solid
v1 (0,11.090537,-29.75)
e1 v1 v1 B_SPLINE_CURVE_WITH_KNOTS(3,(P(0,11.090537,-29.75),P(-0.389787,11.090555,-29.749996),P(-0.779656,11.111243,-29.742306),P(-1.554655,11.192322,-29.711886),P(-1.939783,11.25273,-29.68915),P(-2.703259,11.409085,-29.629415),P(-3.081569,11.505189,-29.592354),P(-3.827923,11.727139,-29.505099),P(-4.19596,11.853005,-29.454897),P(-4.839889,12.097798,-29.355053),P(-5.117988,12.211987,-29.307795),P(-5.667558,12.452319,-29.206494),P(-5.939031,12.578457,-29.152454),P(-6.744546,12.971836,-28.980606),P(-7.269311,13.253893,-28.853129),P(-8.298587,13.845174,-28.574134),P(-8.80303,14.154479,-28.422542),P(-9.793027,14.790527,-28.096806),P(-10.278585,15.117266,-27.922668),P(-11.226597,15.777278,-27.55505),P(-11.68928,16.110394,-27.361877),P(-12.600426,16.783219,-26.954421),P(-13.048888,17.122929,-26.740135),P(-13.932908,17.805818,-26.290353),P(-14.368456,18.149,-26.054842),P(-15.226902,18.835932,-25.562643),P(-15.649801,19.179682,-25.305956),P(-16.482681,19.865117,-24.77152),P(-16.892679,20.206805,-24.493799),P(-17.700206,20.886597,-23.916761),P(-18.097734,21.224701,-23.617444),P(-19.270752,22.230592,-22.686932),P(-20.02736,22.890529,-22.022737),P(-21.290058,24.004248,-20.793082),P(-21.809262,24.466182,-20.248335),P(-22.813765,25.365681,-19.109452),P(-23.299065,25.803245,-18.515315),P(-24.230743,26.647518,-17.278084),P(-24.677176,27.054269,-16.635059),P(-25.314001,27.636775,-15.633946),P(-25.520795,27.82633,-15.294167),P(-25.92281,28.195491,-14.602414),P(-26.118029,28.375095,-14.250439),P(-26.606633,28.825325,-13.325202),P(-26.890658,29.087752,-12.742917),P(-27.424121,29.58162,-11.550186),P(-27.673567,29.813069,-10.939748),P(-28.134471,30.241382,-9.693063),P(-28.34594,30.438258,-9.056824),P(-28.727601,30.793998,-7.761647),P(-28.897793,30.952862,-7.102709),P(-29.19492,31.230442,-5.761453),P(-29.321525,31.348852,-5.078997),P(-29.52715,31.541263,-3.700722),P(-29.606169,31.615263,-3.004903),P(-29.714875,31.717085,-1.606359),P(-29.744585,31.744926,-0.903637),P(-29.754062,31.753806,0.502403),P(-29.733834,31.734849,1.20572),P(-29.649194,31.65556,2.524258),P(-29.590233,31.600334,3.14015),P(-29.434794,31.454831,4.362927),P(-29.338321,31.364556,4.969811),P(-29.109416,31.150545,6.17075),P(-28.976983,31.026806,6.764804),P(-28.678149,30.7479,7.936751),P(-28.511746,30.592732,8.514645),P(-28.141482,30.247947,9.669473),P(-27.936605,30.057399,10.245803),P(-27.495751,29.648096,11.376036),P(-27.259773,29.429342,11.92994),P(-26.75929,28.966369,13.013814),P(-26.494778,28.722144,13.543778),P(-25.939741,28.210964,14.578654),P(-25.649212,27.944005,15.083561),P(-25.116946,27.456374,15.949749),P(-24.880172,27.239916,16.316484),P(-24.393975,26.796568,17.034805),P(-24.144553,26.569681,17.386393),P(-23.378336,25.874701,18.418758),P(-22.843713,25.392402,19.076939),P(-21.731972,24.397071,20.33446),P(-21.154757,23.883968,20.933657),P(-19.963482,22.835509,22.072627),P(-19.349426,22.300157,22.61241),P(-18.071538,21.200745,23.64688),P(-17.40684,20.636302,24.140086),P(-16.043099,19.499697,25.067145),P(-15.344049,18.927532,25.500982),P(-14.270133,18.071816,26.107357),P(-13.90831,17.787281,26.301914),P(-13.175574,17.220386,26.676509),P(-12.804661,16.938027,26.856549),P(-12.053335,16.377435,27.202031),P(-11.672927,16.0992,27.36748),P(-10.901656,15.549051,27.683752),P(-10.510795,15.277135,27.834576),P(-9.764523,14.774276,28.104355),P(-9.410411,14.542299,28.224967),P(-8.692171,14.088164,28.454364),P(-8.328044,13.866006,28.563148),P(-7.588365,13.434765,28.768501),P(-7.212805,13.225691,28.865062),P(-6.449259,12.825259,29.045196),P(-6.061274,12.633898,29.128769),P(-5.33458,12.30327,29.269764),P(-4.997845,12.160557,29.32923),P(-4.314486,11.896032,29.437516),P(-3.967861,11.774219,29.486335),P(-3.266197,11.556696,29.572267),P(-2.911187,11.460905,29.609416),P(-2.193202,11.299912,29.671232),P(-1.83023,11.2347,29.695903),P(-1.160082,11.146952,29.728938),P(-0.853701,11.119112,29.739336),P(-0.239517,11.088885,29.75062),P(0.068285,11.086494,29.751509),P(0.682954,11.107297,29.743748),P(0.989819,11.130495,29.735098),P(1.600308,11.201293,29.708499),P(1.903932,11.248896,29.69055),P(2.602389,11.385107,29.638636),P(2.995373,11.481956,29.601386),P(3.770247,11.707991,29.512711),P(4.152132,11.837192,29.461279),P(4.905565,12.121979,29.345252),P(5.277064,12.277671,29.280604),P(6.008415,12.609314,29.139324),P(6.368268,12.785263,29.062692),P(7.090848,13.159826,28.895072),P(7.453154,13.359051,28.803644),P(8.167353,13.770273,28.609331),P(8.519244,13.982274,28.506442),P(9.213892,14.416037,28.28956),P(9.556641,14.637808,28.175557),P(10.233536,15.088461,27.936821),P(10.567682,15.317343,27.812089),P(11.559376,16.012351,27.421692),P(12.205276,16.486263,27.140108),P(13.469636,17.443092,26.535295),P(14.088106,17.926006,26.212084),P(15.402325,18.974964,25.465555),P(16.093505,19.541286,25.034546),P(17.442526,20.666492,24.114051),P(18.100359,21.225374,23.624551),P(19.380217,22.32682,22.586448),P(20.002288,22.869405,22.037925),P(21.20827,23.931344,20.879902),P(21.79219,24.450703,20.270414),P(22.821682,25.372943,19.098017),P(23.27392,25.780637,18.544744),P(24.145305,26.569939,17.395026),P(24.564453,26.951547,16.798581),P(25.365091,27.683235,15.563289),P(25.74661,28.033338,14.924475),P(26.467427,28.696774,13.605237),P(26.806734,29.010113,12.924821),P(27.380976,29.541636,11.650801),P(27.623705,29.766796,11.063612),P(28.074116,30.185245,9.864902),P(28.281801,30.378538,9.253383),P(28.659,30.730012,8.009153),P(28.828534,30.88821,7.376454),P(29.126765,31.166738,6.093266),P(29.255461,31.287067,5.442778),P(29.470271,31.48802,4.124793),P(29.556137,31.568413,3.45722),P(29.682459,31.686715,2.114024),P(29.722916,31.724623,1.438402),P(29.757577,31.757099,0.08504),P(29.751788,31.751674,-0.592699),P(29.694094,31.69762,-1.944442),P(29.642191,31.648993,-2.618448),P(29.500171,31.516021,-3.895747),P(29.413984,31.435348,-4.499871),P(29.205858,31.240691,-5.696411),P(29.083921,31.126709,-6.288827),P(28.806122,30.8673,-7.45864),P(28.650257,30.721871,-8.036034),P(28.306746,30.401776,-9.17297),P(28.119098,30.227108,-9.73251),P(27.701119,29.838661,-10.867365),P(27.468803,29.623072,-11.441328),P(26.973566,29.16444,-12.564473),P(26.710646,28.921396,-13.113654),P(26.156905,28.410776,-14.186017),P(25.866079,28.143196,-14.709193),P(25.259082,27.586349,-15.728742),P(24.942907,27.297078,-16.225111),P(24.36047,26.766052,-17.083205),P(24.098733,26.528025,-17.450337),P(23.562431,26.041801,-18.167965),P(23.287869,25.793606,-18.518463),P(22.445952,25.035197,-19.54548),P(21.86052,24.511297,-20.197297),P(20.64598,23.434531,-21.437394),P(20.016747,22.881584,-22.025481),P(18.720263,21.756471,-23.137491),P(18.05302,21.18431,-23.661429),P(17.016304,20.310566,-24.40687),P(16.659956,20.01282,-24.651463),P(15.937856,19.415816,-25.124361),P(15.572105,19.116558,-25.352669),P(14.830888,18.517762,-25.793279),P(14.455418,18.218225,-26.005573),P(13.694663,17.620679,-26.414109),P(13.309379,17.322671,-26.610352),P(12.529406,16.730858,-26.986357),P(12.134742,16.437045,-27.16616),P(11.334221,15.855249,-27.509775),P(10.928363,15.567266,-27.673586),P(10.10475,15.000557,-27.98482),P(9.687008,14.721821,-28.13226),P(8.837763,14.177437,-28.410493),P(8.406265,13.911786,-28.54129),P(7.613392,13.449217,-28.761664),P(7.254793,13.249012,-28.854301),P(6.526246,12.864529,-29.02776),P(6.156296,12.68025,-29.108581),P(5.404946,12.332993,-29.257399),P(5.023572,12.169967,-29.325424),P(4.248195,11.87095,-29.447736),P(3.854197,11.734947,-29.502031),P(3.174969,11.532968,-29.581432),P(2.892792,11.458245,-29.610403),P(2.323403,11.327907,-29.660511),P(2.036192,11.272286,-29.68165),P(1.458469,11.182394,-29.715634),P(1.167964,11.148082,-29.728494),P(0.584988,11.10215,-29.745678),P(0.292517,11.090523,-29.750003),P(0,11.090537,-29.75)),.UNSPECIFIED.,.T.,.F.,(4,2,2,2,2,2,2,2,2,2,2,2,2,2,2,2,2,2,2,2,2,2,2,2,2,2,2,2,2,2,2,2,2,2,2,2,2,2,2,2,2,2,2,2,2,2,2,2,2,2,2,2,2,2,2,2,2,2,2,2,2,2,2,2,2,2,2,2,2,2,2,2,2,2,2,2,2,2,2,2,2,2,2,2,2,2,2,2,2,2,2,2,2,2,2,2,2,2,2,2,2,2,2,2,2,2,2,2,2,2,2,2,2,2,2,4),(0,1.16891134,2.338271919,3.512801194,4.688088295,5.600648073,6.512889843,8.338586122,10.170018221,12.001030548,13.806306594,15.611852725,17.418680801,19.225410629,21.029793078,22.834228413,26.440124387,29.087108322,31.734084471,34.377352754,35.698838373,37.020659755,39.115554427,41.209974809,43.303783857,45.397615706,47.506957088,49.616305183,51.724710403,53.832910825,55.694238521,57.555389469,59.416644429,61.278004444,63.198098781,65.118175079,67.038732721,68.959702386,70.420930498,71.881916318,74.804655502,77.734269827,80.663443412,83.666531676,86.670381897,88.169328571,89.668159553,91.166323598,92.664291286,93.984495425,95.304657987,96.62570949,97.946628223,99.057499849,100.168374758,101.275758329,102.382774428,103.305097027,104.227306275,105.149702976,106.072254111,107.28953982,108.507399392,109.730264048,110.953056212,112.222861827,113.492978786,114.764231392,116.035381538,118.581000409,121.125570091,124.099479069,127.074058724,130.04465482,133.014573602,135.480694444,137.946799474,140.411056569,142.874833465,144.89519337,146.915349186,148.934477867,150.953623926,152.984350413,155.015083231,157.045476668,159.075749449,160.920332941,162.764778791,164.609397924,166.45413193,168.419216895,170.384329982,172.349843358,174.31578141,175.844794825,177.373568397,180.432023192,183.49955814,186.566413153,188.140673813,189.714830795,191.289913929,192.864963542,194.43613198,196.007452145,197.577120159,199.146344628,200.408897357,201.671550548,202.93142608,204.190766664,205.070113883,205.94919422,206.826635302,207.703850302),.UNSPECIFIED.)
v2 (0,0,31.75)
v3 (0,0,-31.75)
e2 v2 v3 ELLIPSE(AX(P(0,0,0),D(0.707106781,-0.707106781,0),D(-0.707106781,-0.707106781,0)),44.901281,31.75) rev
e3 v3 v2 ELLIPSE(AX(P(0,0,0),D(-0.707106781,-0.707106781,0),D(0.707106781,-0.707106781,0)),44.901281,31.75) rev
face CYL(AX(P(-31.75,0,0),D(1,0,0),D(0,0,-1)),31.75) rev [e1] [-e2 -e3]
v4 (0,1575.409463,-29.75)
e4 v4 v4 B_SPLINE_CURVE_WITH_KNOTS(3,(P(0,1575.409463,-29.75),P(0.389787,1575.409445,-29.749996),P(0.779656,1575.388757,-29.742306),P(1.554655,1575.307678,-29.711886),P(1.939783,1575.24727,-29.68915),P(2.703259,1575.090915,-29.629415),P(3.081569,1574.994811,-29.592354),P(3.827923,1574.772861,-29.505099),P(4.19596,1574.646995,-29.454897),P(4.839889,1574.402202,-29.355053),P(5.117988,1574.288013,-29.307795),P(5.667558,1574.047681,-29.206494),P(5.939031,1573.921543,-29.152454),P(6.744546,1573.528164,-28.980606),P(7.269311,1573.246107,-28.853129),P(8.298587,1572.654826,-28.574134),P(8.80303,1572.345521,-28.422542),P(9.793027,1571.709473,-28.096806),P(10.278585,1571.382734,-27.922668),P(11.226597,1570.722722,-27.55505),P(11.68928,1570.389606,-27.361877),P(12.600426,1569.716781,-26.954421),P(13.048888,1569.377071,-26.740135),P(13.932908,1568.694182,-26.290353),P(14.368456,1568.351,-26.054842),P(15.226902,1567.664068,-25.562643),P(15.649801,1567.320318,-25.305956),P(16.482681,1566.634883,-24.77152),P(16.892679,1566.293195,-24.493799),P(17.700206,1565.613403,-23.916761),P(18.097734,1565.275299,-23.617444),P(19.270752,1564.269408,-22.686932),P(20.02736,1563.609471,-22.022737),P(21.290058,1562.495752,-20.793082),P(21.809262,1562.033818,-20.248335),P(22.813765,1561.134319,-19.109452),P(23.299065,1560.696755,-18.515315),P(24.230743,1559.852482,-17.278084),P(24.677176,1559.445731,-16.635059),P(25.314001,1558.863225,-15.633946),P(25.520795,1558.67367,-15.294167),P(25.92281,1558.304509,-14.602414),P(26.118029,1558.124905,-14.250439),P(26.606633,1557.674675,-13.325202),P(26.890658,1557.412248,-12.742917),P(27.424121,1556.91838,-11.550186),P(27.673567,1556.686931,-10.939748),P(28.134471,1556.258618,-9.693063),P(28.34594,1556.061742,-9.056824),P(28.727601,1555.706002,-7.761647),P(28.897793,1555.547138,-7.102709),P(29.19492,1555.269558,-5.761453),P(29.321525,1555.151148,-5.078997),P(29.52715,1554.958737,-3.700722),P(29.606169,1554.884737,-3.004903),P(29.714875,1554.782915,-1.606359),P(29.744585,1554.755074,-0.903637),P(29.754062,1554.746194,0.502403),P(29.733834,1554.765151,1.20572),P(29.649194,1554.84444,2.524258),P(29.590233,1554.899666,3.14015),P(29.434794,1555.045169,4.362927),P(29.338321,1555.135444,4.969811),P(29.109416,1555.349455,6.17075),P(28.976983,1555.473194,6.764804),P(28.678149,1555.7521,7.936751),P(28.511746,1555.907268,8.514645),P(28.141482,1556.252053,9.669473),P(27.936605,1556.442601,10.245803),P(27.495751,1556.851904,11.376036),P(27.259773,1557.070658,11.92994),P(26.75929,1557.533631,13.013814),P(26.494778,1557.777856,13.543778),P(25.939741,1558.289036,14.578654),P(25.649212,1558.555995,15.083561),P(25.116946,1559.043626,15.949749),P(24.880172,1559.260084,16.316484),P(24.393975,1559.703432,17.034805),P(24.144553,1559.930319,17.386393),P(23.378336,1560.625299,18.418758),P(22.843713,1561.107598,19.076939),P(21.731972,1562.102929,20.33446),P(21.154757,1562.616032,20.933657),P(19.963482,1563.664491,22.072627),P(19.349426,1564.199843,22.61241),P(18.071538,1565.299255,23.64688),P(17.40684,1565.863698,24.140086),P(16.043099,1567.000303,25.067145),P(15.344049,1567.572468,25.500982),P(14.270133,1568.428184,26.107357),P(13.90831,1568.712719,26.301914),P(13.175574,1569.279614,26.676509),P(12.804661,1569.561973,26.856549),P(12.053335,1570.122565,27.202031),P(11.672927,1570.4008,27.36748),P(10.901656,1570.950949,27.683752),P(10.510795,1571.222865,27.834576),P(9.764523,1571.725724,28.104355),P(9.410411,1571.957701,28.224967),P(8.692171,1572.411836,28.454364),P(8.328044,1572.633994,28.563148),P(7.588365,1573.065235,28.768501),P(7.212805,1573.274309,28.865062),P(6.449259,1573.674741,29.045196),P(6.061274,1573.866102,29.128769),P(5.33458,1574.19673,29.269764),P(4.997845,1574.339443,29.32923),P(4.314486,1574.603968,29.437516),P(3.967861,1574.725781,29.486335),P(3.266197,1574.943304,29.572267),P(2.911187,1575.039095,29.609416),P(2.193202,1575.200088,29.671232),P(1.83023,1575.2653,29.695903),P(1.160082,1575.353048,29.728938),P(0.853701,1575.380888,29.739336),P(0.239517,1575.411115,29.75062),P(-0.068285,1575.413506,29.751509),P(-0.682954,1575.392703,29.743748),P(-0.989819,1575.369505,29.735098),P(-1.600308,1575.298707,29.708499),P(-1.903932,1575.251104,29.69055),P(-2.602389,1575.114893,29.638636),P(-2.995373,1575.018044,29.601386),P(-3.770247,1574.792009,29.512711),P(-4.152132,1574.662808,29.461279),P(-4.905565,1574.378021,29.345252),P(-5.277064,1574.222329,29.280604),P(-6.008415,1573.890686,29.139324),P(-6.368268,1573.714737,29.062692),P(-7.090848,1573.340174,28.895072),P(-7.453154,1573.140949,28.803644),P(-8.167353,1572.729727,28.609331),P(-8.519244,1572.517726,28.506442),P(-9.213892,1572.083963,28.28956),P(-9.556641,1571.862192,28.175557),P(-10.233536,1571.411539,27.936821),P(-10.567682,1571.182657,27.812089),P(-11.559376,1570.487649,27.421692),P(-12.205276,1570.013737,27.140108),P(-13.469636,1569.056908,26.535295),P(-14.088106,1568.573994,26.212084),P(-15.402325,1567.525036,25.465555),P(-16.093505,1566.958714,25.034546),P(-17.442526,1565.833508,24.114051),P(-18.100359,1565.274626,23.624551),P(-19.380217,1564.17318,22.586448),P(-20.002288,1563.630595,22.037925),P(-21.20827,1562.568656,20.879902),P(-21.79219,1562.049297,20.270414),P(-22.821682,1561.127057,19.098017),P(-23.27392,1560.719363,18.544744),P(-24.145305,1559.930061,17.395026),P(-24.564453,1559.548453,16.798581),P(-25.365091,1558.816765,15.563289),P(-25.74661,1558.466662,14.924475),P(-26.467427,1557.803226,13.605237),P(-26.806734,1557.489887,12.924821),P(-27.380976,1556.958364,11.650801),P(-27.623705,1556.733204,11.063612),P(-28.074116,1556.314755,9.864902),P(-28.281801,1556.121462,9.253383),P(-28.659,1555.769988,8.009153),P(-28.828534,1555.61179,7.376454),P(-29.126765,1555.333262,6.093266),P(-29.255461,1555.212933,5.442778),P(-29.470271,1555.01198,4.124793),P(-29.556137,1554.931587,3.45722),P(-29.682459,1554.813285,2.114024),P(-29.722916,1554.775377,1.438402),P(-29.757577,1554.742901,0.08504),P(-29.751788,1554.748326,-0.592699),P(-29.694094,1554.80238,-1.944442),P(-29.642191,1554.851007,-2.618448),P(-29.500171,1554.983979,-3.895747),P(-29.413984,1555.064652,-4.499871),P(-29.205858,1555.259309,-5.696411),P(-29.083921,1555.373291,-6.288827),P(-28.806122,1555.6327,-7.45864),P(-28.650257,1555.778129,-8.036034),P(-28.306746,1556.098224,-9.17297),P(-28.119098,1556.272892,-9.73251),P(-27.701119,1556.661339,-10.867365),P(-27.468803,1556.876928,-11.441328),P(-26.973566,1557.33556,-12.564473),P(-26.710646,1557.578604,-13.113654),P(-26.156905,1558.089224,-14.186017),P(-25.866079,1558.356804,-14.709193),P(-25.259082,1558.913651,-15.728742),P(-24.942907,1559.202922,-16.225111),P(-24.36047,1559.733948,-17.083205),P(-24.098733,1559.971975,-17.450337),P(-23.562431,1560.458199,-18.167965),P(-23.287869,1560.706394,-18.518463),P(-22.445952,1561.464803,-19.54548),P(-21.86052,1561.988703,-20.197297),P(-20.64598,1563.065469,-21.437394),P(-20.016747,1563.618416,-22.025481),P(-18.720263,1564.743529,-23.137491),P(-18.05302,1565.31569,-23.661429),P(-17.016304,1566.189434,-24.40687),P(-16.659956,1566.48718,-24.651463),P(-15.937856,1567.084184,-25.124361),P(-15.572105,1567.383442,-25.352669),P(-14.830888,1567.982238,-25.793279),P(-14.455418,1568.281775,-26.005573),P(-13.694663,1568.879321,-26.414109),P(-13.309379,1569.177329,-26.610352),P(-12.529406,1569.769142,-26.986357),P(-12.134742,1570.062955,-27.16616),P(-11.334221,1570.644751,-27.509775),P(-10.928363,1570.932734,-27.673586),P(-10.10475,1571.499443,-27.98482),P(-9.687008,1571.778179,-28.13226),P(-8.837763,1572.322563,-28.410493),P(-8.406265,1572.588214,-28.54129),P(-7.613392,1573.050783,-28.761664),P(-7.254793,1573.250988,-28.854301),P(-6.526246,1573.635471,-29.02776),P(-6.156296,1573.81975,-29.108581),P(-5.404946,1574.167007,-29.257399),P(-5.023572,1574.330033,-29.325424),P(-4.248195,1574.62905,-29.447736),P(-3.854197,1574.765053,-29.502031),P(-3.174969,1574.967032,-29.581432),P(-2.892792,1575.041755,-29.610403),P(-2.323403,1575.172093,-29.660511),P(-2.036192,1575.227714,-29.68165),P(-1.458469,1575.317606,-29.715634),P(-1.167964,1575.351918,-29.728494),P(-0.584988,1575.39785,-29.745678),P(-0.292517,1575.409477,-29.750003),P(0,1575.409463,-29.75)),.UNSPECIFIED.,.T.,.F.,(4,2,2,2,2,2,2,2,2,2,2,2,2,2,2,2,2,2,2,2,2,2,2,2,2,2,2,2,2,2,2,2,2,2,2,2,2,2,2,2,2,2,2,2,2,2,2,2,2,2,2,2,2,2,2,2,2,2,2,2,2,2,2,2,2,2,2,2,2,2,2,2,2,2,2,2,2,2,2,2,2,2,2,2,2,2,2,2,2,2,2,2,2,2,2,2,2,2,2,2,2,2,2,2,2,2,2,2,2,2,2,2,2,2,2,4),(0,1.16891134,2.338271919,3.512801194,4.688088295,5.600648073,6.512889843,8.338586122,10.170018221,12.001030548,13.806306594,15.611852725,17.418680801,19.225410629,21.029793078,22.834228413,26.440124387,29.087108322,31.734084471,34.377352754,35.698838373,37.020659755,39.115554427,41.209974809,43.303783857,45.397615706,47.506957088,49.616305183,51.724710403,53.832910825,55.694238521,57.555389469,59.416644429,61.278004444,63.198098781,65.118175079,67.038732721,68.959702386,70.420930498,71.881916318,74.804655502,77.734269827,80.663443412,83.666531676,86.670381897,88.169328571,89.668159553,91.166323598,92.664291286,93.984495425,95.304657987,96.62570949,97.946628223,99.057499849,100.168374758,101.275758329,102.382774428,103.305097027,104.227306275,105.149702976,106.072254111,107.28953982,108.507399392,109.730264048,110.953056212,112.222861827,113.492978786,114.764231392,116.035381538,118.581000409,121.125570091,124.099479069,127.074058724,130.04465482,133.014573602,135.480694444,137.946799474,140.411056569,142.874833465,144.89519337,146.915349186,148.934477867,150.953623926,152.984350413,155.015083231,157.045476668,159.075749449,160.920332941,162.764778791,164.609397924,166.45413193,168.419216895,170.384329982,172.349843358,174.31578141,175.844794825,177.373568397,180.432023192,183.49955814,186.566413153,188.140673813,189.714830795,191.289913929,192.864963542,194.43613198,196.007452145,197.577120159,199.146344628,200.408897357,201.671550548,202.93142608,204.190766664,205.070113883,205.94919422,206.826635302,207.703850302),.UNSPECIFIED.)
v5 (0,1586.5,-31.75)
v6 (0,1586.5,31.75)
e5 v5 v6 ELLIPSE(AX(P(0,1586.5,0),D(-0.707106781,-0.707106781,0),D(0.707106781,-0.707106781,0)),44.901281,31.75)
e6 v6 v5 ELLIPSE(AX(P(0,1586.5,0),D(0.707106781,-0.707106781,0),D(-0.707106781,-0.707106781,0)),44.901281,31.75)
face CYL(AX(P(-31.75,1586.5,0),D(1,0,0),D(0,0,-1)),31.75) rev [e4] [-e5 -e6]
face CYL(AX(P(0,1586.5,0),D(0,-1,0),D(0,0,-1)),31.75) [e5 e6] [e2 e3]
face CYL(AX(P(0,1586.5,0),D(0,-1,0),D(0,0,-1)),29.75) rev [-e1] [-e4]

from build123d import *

# Parameters (mm, degrees)
ESBO_O2_R                  = 31.75
ESBO_O2_R_2                = 29.75
RESSALTO_EXTRUS_O1_DEPTH   = 1586.5
CORTE_EXTRUS_O1_DEPTH      = 1588.135273063
CORTE_EXTRUS_O1_DEPTH_BACK = 1588.135273063
ESBO_O3_R                  = 31.75


with BuildPart() as part:
    # Esboço2 → Ressalto-extrusão1 (new body)
    with BuildSketch(Plane(origin=(0, 0, 0), x_dir=(1, 0, 0), z_dir=(0, 1, 0))):
        with Locations(Location((0, 0, 0), (0, 0, 270))):
            Circle(ESBO_O2_R)
        with Locations(Location((0, 0, 0), (0, 0, 270))):
            Circle(ESBO_O2_R_2, mode=Mode.SUBTRACT)
    extrude(amount=RESSALTO_EXTRUS_O1_DEPTH)

    # Esboço3 → Corte-extrusão1 (cut, two sides: drawn at the far end of the back side and taken through both)
    with BuildSketch(Plane(origin=(0, 0, 0), x_dir=(0, 0, -1), z_dir=(1, 0, 0)).offset(-CORTE_EXTRUS_O1_DEPTH_BACK)):
        with Locations((0, 1586.5)):
            Circle(ESBO_O3_R)
        Circle(ESBO_O3_R)
    extrude(amount=CORTE_EXTRUS_O1_DEPTH + CORTE_EXTRUS_O1_DEPTH_BACK, mode=Mode.SUBTRACT)


solid = part.part
